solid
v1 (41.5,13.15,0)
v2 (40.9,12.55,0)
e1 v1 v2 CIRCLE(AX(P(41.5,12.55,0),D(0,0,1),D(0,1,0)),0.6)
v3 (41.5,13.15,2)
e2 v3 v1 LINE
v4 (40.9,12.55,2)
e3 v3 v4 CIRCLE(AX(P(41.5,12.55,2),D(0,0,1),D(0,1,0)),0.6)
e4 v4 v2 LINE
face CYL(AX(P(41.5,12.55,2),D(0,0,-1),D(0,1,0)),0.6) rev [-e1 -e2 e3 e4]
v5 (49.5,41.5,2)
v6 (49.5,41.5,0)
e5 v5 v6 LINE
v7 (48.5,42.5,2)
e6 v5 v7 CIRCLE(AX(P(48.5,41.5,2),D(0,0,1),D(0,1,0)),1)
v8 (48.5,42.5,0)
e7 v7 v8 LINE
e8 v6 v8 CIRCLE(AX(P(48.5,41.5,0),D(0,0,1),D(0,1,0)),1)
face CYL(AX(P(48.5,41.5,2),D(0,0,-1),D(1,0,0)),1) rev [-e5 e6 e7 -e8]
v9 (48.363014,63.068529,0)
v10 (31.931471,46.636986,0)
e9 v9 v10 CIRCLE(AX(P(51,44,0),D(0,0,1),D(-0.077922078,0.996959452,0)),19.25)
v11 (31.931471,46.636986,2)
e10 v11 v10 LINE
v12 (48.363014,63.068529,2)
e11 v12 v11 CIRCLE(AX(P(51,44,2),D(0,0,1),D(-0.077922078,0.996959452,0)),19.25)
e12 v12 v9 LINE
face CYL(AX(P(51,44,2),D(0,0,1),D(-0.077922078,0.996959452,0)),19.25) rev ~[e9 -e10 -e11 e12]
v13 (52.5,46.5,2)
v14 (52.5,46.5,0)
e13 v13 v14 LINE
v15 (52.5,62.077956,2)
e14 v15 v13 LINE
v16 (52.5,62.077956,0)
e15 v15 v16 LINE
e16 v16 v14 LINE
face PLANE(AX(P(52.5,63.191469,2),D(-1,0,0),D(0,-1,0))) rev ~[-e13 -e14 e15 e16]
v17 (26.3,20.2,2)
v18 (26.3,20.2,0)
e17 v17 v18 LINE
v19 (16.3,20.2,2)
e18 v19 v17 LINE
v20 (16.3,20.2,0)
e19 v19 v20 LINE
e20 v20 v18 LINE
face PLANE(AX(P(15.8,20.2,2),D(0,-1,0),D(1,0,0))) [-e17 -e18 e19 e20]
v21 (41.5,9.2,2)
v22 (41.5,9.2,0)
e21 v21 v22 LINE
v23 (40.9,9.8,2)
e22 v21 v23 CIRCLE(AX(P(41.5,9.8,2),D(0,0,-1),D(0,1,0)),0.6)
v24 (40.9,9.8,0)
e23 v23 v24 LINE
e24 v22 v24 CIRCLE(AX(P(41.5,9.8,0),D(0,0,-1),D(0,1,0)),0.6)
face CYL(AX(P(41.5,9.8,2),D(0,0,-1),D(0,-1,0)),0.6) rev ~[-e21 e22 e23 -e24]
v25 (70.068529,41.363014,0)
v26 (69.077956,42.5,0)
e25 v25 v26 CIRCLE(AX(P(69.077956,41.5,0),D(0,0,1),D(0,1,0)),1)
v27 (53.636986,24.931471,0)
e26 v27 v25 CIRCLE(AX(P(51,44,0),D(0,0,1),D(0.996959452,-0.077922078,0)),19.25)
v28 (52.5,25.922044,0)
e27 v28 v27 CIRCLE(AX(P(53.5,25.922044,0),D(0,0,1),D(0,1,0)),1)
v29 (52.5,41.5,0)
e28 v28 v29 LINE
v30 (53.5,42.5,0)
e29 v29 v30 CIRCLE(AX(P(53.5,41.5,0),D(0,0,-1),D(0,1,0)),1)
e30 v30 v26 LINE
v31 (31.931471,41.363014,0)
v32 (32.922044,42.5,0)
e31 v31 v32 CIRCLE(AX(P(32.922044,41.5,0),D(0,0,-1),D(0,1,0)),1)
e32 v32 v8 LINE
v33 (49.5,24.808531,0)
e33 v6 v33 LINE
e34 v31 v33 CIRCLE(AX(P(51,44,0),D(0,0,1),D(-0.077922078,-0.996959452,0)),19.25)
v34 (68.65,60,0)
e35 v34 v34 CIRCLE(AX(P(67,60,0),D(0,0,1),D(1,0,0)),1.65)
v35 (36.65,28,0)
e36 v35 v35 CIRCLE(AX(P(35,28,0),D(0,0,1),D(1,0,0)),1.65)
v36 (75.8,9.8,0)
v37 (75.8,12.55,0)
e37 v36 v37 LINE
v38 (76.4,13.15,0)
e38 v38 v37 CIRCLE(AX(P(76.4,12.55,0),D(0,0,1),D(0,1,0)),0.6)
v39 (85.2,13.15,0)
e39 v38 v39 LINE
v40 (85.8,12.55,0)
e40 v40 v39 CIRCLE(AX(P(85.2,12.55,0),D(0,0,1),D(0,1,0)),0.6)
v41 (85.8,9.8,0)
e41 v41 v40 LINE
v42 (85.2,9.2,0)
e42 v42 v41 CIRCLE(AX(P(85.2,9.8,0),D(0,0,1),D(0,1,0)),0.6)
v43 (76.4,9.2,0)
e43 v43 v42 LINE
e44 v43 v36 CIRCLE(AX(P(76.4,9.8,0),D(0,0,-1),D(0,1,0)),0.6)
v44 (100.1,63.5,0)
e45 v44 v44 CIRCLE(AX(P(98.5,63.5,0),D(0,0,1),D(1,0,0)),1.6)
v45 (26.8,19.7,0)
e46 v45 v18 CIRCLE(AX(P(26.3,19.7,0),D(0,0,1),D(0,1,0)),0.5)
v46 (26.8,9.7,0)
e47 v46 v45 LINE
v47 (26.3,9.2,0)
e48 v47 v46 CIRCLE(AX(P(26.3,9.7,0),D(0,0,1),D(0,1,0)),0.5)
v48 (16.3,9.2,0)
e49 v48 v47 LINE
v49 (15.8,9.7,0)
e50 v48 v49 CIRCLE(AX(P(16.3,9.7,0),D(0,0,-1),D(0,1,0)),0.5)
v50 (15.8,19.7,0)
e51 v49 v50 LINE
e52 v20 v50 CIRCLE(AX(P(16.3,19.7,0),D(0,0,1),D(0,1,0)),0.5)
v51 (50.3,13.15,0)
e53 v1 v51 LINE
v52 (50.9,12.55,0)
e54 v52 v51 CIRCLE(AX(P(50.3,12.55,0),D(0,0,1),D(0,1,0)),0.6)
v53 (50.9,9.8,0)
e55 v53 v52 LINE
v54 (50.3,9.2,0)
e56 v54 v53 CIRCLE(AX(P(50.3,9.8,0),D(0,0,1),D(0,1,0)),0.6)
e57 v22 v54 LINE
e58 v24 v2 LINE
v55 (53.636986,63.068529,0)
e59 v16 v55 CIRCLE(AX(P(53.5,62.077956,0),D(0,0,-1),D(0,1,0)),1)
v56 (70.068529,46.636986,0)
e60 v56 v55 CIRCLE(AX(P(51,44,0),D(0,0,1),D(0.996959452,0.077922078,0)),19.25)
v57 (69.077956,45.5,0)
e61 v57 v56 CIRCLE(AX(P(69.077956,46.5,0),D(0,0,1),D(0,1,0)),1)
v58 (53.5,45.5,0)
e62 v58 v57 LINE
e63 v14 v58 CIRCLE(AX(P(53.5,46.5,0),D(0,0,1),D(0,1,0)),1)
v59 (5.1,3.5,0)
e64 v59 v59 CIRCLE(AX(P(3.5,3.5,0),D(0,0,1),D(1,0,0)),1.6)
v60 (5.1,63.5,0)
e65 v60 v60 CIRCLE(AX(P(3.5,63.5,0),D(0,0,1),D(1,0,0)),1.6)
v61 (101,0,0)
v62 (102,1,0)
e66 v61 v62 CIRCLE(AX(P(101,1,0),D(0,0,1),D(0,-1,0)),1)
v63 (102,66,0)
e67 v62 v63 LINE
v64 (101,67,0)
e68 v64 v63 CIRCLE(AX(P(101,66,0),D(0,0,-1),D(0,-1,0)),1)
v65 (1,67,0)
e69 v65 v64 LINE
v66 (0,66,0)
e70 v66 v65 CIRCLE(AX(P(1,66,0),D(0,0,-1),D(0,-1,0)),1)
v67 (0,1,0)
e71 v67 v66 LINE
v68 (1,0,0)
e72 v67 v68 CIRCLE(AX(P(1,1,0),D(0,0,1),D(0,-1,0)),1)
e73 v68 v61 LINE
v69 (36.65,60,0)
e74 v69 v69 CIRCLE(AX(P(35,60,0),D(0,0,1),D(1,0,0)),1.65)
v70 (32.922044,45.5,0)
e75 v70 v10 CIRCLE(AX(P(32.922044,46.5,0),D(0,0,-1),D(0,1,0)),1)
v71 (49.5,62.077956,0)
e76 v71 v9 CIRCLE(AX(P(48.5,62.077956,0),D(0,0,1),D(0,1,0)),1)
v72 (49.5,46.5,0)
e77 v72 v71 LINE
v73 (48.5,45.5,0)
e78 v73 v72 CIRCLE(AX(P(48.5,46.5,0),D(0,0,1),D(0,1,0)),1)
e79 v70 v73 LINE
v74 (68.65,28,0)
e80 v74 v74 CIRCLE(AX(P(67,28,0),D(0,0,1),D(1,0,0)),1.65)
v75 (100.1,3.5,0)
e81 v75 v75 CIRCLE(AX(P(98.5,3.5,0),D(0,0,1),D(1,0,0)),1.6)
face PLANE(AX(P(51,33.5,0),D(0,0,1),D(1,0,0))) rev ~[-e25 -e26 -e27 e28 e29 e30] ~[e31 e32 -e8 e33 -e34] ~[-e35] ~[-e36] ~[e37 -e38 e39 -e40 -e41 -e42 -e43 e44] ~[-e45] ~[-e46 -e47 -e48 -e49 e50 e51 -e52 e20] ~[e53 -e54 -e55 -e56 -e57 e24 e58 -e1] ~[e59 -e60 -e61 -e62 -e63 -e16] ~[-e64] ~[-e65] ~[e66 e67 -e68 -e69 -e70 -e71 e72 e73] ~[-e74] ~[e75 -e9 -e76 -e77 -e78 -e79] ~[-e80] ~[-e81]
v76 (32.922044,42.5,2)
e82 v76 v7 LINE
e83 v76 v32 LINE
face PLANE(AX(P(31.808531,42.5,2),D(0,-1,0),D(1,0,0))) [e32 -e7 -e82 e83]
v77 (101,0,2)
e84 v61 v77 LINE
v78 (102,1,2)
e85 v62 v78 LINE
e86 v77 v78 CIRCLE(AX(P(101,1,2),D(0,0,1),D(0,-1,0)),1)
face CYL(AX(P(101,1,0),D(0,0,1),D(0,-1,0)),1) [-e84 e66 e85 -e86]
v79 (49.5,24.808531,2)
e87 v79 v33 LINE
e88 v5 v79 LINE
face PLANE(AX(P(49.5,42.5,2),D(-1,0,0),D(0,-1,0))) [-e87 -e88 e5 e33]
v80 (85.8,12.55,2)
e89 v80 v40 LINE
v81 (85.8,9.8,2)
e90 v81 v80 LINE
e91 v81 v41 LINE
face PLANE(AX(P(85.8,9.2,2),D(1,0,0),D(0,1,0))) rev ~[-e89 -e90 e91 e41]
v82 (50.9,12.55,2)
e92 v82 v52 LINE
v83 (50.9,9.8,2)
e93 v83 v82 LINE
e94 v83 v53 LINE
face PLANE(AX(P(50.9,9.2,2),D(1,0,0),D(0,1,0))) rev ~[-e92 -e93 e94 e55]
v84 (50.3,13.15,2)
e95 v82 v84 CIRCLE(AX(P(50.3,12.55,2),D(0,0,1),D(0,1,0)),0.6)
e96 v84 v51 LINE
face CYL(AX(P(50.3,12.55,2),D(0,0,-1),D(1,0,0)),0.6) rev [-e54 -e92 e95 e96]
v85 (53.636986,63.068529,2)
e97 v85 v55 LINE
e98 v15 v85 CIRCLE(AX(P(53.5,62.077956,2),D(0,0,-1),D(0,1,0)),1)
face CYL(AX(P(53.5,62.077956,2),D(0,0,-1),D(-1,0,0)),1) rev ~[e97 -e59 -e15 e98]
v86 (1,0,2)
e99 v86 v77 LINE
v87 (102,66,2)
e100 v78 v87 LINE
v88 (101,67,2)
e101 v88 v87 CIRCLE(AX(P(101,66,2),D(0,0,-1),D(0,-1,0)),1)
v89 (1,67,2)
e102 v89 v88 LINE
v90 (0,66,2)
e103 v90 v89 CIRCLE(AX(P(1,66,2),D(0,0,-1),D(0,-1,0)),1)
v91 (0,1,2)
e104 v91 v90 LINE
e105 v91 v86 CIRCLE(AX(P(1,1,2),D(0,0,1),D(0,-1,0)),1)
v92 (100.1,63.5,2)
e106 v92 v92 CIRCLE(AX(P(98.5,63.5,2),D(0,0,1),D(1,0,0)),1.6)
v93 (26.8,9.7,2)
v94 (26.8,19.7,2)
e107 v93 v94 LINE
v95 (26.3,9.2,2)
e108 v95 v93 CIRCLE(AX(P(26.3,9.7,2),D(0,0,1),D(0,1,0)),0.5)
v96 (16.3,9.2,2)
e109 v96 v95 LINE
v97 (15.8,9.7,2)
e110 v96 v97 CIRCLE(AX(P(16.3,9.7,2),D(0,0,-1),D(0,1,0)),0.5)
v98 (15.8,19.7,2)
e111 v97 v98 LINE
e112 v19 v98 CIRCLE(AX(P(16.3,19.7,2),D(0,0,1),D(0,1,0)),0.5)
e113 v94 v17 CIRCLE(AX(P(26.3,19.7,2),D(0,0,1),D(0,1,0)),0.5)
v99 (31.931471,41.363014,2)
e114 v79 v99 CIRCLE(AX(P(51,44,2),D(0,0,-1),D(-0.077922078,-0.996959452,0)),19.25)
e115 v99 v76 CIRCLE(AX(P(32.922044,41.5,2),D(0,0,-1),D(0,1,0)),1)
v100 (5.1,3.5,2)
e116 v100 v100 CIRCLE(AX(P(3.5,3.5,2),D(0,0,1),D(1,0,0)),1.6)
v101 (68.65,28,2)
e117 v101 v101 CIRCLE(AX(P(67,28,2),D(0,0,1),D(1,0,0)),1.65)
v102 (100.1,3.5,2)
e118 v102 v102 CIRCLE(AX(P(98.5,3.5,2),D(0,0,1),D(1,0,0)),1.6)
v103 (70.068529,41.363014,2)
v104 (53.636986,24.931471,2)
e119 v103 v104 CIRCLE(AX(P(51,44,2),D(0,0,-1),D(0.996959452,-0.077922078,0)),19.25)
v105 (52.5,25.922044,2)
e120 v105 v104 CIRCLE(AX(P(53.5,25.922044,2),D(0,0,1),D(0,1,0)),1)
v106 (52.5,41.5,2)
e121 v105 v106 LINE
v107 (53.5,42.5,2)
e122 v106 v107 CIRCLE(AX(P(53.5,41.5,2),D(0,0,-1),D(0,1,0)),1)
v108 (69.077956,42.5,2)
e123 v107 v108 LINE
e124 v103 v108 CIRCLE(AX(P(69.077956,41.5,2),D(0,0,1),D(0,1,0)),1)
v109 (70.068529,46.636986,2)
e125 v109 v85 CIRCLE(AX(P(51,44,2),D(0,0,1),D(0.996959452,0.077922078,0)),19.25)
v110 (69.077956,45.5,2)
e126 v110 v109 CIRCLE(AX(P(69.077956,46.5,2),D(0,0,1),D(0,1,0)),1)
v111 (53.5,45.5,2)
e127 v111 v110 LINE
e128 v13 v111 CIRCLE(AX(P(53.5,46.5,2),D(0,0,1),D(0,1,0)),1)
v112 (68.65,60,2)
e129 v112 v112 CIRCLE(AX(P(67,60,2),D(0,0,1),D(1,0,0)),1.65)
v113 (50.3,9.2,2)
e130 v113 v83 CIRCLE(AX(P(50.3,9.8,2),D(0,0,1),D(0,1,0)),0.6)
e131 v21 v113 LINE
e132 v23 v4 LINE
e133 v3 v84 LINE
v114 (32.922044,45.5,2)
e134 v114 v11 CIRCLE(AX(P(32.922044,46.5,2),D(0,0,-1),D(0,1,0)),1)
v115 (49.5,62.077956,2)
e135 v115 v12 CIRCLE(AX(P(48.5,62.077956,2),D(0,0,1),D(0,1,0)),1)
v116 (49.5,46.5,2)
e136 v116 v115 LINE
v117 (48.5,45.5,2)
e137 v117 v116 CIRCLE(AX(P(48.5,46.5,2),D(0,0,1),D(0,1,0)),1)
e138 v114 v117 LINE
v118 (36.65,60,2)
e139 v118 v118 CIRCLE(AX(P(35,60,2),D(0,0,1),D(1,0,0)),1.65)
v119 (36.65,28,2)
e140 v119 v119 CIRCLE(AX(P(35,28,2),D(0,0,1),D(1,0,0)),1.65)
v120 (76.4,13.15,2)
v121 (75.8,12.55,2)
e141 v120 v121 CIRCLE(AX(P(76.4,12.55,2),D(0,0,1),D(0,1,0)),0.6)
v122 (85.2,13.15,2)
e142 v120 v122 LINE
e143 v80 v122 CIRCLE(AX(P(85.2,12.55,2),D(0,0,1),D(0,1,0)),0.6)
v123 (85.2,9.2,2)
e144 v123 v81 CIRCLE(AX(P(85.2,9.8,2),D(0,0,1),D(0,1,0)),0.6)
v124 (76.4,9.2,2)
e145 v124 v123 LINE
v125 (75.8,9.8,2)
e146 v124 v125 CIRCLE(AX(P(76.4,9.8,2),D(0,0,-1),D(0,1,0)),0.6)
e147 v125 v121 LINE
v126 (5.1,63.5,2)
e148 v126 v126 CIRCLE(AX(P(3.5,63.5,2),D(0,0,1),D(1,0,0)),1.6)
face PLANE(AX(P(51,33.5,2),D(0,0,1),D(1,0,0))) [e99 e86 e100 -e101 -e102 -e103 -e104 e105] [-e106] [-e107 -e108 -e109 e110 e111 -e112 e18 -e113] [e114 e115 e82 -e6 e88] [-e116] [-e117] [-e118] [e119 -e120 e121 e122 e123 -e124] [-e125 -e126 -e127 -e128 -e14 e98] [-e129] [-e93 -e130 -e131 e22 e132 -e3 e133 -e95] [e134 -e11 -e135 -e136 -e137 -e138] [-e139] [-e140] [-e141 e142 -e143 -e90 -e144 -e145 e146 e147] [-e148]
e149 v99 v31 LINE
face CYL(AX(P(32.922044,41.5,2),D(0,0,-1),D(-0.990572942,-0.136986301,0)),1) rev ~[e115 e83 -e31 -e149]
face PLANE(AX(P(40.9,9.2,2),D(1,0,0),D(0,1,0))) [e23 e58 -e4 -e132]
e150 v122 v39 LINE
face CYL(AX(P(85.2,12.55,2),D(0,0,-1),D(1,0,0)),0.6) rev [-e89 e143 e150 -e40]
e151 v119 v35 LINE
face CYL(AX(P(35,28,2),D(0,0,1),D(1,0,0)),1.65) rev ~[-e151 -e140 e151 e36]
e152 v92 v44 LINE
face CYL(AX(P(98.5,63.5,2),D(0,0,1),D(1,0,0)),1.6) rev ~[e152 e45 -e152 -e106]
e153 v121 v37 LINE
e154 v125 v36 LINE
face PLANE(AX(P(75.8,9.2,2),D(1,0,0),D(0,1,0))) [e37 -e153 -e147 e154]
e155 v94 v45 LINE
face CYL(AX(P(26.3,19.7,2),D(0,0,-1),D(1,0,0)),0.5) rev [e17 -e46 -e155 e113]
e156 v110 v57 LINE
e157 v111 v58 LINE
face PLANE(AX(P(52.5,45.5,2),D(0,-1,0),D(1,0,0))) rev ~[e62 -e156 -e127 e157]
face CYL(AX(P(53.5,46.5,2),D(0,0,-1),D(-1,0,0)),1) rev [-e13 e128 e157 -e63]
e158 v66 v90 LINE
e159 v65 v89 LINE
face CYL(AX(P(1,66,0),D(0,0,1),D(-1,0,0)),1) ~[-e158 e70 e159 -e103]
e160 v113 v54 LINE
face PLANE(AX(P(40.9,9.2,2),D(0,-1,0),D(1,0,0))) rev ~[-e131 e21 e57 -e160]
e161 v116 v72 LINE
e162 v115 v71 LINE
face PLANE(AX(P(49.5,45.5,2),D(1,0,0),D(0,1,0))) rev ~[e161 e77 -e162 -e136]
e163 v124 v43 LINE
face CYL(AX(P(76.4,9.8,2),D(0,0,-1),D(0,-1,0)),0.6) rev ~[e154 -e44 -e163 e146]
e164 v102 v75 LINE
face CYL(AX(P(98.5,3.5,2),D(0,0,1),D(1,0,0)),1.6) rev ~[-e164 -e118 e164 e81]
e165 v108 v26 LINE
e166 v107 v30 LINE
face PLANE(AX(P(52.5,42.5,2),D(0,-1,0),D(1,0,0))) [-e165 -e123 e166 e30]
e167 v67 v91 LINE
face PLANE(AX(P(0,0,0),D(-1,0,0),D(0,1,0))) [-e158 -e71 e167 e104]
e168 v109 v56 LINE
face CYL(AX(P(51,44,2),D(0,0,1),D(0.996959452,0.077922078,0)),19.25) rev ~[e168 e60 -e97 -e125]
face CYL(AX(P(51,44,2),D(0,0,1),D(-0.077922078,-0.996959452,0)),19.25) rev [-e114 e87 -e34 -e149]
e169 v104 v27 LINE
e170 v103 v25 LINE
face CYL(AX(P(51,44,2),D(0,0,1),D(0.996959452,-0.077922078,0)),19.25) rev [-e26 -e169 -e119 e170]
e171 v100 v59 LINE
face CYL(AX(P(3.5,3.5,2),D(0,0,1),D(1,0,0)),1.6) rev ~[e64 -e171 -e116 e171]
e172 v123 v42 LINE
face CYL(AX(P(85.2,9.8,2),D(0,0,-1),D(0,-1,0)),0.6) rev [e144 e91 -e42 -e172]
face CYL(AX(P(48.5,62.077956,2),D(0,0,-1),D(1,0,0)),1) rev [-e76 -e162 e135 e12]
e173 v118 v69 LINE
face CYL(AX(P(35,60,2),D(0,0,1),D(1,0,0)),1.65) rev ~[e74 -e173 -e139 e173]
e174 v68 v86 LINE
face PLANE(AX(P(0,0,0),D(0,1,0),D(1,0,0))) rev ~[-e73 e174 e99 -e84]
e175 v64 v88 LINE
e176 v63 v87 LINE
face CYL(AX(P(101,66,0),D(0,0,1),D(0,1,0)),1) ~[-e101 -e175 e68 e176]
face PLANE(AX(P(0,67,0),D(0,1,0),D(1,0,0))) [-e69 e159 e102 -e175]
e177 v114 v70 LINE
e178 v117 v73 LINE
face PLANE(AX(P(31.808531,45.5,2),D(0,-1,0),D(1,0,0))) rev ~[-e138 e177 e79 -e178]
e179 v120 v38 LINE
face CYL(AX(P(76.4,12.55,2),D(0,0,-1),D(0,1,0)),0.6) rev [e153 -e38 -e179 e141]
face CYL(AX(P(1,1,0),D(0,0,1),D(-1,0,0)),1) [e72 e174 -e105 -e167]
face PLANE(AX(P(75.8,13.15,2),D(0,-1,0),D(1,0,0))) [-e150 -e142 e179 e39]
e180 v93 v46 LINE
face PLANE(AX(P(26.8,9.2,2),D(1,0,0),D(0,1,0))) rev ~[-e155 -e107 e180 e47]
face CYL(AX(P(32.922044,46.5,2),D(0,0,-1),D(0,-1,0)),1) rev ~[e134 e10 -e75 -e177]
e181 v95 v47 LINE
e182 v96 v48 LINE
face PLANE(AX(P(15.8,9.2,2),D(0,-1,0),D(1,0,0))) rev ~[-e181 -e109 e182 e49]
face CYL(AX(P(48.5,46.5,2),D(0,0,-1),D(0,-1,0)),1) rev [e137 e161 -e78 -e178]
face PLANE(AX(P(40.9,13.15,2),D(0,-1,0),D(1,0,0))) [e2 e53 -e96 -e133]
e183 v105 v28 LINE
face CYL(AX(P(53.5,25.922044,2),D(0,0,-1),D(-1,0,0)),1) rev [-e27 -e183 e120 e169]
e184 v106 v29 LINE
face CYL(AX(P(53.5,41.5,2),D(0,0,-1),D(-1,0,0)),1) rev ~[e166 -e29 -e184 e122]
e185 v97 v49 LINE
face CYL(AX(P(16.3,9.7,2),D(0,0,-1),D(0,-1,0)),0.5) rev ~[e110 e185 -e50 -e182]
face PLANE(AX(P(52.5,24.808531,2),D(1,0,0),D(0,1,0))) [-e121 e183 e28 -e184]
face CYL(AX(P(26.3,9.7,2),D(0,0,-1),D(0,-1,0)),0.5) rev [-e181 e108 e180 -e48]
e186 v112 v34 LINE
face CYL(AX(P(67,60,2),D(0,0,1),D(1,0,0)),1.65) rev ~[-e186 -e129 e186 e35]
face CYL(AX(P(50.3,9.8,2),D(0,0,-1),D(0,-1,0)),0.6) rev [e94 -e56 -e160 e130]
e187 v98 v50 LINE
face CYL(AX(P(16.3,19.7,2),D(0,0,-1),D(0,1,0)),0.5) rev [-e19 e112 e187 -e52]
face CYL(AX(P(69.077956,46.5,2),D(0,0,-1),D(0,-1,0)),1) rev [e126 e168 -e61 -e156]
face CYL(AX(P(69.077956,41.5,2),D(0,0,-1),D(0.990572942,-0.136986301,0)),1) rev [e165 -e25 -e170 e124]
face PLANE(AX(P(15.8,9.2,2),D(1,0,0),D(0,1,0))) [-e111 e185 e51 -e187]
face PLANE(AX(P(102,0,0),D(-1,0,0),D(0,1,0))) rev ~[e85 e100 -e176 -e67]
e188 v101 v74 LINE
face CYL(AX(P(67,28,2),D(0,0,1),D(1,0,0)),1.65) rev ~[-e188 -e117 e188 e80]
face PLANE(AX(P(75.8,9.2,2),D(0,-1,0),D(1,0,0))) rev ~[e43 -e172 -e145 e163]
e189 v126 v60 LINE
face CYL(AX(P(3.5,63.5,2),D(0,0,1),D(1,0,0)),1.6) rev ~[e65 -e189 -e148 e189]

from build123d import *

# Parameters (mm, degrees)
SKETCH_1_W          = 102
SKETCH_1_H          = 67
EXTRUDE_1_DEPTH     = 2
SKETCH_2_R          = 1.6
CUT_EXTRUDE_1_DEPTH = 123.05326706
FILLET_1_R          = 1
SKETCH_3_R          = 1.65
SKETCH_3_W          = 10
SKETCH_3_H          = 3.95
SKETCH_3_W_2        = 11
SKETCH_3_H_2        = 11
CUT_EXTRUDE_2_DEPTH = 123.05326706
FILLET_2_R          = 1
FILLET_3_R          = 0.6
FILLET_4_R          = 0.5


with BuildPart() as part:
    # 草图1 → 凸台-拉伸1 (new body)
    with BuildSketch(Plane.XY):
        with Locations((51, 33.5)):
            Rectangle(SKETCH_1_W, SKETCH_1_H)
    extrude(amount=EXTRUDE_1_DEPTH)

    # 草图2 → 切除-拉伸1 (cut, through all)
    with BuildSketch(Plane.XY.offset(2)):
        with Locations((3.5, 63.5)):
            Circle(SKETCH_2_R)
        with Locations((98.5, 63.5)):
            Circle(SKETCH_2_R)
        with Locations((98.5, 3.5)):
            Circle(SKETCH_2_R)
        with Locations((3.5, 3.5)):
            Circle(SKETCH_2_R)
    extrude(amount=-CUT_EXTRUDE_1_DEPTH, mode=Mode.SUBTRACT)

    # 圆角1
    fillet_1_edges = [part.edges().sort_by_distance(p)[0] for p in [
        (0, 67, 1),
        (102, 67, 1),
        (102, 0, 1),
        (0, 0, 1),
    ]]
    fillet(fillet_1_edges, radius=FILLET_1_R)

    # 草图3 → 切除-拉伸2 (cut, through all)
    with BuildSketch(Plane.XY.offset(2)):
        with Locations((35, 60)):
            Circle(SKETCH_3_R)
        with Locations((67, 60)):
            Circle(SKETCH_3_R)
        with Locations((67, 28)):
            Circle(SKETCH_3_R)
        with Locations((35, 28)):
            Circle(SKETCH_3_R)
        with Locations((80.8, 11.175)):
            Rectangle(SKETCH_3_W, SKETCH_3_H)
        with Locations((45.9, 11.175)):
            Rectangle(SKETCH_3_W, SKETCH_3_H)
        with Locations((21.3, 14.7)):
            Rectangle(SKETCH_3_W_2, SKETCH_3_H_2)
        with BuildLine():
            Line((52.5, 42.5), (70.191469459, 42.5))
            ThreePointArc((70.191469459, 42.5), (64.611805538, 30.388194462), (52.5, 24.808530541))
            Line((52.5, 24.808530541), (52.5, 42.5))
        make_face()
        with BuildLine():
            Line((31.808530541, 45.5), (49.5, 45.5))
            Line((49.5, 45.5), (49.5, 63.191469459))
            ThreePointArc((49.5, 63.191469459), (37.388194462, 57.611805538), (31.808530541, 45.5))
        make_face()
        with BuildLine():
            Line((31.808530541, 42.5), (49.5, 42.5))
            Line((49.5, 42.5), (49.5, 24.808530541))
            ThreePointArc((49.5, 24.808530541), (37.388194462, 30.388194462), (31.808530541, 42.5))
        make_face()
        with BuildLine():
            Line((52.5, 63.191469459), (52.5, 45.5))
            Line((52.5, 45.5), (70.191469459, 45.5))
            ThreePointArc((70.191469459, 45.5), (64.611805538, 57.611805538), (52.5, 63.191469459))
        make_face()
    extrude(amount=-CUT_EXTRUDE_2_DEPTH, mode=Mode.SUBTRACT)

    # 圆角2
    fillet_2_edges = [part.edges().sort_by_distance(p)[0] for p in [
        (70.191469459, 42.5, 1),
        (52.5, 24.808530541, 1),
        (52.5, 42.5, 1),
        (31.808530541, 45.5, 1),
        (49.5, 63.191469459, 1),
        (49.5, 45.5, 1),
        (31.808530541, 42.5, 1),
        (49.5, 42.5, 1),
        (52.5, 63.191469459, 1),
        (70.191469459, 45.5, 1),
        (52.5, 45.5, 1),
    ]]
    fillet(fillet_2_edges, radius=FILLET_2_R)

    # 圆角3
    fillet_3_edges = [part.edges().sort_by_distance(p)[0] for p in [
        (75.8, 9.2, 1),
        (75.8, 13.15, 1),
        (85.8, 13.15, 1),
        (85.8, 9.2, 1),
        (40.9, 9.2, 1),
        (40.9, 13.15, 1),
        (50.9, 13.15, 1),
        (50.9, 9.2, 1),
    ]]
    fillet(fillet_3_edges, radius=FILLET_3_R)

    # 圆角4
    fillet_4_edges = [part.edges().sort_by_distance(p)[0] for p in [
        (26.8, 20.2, 1),
        (26.8, 9.2, 1),
        (15.8, 9.2, 1),
        (15.8, 20.2, 1),
    ]]
    fillet(fillet_4_edges, radius=FILLET_4_R)


solid = part.part
